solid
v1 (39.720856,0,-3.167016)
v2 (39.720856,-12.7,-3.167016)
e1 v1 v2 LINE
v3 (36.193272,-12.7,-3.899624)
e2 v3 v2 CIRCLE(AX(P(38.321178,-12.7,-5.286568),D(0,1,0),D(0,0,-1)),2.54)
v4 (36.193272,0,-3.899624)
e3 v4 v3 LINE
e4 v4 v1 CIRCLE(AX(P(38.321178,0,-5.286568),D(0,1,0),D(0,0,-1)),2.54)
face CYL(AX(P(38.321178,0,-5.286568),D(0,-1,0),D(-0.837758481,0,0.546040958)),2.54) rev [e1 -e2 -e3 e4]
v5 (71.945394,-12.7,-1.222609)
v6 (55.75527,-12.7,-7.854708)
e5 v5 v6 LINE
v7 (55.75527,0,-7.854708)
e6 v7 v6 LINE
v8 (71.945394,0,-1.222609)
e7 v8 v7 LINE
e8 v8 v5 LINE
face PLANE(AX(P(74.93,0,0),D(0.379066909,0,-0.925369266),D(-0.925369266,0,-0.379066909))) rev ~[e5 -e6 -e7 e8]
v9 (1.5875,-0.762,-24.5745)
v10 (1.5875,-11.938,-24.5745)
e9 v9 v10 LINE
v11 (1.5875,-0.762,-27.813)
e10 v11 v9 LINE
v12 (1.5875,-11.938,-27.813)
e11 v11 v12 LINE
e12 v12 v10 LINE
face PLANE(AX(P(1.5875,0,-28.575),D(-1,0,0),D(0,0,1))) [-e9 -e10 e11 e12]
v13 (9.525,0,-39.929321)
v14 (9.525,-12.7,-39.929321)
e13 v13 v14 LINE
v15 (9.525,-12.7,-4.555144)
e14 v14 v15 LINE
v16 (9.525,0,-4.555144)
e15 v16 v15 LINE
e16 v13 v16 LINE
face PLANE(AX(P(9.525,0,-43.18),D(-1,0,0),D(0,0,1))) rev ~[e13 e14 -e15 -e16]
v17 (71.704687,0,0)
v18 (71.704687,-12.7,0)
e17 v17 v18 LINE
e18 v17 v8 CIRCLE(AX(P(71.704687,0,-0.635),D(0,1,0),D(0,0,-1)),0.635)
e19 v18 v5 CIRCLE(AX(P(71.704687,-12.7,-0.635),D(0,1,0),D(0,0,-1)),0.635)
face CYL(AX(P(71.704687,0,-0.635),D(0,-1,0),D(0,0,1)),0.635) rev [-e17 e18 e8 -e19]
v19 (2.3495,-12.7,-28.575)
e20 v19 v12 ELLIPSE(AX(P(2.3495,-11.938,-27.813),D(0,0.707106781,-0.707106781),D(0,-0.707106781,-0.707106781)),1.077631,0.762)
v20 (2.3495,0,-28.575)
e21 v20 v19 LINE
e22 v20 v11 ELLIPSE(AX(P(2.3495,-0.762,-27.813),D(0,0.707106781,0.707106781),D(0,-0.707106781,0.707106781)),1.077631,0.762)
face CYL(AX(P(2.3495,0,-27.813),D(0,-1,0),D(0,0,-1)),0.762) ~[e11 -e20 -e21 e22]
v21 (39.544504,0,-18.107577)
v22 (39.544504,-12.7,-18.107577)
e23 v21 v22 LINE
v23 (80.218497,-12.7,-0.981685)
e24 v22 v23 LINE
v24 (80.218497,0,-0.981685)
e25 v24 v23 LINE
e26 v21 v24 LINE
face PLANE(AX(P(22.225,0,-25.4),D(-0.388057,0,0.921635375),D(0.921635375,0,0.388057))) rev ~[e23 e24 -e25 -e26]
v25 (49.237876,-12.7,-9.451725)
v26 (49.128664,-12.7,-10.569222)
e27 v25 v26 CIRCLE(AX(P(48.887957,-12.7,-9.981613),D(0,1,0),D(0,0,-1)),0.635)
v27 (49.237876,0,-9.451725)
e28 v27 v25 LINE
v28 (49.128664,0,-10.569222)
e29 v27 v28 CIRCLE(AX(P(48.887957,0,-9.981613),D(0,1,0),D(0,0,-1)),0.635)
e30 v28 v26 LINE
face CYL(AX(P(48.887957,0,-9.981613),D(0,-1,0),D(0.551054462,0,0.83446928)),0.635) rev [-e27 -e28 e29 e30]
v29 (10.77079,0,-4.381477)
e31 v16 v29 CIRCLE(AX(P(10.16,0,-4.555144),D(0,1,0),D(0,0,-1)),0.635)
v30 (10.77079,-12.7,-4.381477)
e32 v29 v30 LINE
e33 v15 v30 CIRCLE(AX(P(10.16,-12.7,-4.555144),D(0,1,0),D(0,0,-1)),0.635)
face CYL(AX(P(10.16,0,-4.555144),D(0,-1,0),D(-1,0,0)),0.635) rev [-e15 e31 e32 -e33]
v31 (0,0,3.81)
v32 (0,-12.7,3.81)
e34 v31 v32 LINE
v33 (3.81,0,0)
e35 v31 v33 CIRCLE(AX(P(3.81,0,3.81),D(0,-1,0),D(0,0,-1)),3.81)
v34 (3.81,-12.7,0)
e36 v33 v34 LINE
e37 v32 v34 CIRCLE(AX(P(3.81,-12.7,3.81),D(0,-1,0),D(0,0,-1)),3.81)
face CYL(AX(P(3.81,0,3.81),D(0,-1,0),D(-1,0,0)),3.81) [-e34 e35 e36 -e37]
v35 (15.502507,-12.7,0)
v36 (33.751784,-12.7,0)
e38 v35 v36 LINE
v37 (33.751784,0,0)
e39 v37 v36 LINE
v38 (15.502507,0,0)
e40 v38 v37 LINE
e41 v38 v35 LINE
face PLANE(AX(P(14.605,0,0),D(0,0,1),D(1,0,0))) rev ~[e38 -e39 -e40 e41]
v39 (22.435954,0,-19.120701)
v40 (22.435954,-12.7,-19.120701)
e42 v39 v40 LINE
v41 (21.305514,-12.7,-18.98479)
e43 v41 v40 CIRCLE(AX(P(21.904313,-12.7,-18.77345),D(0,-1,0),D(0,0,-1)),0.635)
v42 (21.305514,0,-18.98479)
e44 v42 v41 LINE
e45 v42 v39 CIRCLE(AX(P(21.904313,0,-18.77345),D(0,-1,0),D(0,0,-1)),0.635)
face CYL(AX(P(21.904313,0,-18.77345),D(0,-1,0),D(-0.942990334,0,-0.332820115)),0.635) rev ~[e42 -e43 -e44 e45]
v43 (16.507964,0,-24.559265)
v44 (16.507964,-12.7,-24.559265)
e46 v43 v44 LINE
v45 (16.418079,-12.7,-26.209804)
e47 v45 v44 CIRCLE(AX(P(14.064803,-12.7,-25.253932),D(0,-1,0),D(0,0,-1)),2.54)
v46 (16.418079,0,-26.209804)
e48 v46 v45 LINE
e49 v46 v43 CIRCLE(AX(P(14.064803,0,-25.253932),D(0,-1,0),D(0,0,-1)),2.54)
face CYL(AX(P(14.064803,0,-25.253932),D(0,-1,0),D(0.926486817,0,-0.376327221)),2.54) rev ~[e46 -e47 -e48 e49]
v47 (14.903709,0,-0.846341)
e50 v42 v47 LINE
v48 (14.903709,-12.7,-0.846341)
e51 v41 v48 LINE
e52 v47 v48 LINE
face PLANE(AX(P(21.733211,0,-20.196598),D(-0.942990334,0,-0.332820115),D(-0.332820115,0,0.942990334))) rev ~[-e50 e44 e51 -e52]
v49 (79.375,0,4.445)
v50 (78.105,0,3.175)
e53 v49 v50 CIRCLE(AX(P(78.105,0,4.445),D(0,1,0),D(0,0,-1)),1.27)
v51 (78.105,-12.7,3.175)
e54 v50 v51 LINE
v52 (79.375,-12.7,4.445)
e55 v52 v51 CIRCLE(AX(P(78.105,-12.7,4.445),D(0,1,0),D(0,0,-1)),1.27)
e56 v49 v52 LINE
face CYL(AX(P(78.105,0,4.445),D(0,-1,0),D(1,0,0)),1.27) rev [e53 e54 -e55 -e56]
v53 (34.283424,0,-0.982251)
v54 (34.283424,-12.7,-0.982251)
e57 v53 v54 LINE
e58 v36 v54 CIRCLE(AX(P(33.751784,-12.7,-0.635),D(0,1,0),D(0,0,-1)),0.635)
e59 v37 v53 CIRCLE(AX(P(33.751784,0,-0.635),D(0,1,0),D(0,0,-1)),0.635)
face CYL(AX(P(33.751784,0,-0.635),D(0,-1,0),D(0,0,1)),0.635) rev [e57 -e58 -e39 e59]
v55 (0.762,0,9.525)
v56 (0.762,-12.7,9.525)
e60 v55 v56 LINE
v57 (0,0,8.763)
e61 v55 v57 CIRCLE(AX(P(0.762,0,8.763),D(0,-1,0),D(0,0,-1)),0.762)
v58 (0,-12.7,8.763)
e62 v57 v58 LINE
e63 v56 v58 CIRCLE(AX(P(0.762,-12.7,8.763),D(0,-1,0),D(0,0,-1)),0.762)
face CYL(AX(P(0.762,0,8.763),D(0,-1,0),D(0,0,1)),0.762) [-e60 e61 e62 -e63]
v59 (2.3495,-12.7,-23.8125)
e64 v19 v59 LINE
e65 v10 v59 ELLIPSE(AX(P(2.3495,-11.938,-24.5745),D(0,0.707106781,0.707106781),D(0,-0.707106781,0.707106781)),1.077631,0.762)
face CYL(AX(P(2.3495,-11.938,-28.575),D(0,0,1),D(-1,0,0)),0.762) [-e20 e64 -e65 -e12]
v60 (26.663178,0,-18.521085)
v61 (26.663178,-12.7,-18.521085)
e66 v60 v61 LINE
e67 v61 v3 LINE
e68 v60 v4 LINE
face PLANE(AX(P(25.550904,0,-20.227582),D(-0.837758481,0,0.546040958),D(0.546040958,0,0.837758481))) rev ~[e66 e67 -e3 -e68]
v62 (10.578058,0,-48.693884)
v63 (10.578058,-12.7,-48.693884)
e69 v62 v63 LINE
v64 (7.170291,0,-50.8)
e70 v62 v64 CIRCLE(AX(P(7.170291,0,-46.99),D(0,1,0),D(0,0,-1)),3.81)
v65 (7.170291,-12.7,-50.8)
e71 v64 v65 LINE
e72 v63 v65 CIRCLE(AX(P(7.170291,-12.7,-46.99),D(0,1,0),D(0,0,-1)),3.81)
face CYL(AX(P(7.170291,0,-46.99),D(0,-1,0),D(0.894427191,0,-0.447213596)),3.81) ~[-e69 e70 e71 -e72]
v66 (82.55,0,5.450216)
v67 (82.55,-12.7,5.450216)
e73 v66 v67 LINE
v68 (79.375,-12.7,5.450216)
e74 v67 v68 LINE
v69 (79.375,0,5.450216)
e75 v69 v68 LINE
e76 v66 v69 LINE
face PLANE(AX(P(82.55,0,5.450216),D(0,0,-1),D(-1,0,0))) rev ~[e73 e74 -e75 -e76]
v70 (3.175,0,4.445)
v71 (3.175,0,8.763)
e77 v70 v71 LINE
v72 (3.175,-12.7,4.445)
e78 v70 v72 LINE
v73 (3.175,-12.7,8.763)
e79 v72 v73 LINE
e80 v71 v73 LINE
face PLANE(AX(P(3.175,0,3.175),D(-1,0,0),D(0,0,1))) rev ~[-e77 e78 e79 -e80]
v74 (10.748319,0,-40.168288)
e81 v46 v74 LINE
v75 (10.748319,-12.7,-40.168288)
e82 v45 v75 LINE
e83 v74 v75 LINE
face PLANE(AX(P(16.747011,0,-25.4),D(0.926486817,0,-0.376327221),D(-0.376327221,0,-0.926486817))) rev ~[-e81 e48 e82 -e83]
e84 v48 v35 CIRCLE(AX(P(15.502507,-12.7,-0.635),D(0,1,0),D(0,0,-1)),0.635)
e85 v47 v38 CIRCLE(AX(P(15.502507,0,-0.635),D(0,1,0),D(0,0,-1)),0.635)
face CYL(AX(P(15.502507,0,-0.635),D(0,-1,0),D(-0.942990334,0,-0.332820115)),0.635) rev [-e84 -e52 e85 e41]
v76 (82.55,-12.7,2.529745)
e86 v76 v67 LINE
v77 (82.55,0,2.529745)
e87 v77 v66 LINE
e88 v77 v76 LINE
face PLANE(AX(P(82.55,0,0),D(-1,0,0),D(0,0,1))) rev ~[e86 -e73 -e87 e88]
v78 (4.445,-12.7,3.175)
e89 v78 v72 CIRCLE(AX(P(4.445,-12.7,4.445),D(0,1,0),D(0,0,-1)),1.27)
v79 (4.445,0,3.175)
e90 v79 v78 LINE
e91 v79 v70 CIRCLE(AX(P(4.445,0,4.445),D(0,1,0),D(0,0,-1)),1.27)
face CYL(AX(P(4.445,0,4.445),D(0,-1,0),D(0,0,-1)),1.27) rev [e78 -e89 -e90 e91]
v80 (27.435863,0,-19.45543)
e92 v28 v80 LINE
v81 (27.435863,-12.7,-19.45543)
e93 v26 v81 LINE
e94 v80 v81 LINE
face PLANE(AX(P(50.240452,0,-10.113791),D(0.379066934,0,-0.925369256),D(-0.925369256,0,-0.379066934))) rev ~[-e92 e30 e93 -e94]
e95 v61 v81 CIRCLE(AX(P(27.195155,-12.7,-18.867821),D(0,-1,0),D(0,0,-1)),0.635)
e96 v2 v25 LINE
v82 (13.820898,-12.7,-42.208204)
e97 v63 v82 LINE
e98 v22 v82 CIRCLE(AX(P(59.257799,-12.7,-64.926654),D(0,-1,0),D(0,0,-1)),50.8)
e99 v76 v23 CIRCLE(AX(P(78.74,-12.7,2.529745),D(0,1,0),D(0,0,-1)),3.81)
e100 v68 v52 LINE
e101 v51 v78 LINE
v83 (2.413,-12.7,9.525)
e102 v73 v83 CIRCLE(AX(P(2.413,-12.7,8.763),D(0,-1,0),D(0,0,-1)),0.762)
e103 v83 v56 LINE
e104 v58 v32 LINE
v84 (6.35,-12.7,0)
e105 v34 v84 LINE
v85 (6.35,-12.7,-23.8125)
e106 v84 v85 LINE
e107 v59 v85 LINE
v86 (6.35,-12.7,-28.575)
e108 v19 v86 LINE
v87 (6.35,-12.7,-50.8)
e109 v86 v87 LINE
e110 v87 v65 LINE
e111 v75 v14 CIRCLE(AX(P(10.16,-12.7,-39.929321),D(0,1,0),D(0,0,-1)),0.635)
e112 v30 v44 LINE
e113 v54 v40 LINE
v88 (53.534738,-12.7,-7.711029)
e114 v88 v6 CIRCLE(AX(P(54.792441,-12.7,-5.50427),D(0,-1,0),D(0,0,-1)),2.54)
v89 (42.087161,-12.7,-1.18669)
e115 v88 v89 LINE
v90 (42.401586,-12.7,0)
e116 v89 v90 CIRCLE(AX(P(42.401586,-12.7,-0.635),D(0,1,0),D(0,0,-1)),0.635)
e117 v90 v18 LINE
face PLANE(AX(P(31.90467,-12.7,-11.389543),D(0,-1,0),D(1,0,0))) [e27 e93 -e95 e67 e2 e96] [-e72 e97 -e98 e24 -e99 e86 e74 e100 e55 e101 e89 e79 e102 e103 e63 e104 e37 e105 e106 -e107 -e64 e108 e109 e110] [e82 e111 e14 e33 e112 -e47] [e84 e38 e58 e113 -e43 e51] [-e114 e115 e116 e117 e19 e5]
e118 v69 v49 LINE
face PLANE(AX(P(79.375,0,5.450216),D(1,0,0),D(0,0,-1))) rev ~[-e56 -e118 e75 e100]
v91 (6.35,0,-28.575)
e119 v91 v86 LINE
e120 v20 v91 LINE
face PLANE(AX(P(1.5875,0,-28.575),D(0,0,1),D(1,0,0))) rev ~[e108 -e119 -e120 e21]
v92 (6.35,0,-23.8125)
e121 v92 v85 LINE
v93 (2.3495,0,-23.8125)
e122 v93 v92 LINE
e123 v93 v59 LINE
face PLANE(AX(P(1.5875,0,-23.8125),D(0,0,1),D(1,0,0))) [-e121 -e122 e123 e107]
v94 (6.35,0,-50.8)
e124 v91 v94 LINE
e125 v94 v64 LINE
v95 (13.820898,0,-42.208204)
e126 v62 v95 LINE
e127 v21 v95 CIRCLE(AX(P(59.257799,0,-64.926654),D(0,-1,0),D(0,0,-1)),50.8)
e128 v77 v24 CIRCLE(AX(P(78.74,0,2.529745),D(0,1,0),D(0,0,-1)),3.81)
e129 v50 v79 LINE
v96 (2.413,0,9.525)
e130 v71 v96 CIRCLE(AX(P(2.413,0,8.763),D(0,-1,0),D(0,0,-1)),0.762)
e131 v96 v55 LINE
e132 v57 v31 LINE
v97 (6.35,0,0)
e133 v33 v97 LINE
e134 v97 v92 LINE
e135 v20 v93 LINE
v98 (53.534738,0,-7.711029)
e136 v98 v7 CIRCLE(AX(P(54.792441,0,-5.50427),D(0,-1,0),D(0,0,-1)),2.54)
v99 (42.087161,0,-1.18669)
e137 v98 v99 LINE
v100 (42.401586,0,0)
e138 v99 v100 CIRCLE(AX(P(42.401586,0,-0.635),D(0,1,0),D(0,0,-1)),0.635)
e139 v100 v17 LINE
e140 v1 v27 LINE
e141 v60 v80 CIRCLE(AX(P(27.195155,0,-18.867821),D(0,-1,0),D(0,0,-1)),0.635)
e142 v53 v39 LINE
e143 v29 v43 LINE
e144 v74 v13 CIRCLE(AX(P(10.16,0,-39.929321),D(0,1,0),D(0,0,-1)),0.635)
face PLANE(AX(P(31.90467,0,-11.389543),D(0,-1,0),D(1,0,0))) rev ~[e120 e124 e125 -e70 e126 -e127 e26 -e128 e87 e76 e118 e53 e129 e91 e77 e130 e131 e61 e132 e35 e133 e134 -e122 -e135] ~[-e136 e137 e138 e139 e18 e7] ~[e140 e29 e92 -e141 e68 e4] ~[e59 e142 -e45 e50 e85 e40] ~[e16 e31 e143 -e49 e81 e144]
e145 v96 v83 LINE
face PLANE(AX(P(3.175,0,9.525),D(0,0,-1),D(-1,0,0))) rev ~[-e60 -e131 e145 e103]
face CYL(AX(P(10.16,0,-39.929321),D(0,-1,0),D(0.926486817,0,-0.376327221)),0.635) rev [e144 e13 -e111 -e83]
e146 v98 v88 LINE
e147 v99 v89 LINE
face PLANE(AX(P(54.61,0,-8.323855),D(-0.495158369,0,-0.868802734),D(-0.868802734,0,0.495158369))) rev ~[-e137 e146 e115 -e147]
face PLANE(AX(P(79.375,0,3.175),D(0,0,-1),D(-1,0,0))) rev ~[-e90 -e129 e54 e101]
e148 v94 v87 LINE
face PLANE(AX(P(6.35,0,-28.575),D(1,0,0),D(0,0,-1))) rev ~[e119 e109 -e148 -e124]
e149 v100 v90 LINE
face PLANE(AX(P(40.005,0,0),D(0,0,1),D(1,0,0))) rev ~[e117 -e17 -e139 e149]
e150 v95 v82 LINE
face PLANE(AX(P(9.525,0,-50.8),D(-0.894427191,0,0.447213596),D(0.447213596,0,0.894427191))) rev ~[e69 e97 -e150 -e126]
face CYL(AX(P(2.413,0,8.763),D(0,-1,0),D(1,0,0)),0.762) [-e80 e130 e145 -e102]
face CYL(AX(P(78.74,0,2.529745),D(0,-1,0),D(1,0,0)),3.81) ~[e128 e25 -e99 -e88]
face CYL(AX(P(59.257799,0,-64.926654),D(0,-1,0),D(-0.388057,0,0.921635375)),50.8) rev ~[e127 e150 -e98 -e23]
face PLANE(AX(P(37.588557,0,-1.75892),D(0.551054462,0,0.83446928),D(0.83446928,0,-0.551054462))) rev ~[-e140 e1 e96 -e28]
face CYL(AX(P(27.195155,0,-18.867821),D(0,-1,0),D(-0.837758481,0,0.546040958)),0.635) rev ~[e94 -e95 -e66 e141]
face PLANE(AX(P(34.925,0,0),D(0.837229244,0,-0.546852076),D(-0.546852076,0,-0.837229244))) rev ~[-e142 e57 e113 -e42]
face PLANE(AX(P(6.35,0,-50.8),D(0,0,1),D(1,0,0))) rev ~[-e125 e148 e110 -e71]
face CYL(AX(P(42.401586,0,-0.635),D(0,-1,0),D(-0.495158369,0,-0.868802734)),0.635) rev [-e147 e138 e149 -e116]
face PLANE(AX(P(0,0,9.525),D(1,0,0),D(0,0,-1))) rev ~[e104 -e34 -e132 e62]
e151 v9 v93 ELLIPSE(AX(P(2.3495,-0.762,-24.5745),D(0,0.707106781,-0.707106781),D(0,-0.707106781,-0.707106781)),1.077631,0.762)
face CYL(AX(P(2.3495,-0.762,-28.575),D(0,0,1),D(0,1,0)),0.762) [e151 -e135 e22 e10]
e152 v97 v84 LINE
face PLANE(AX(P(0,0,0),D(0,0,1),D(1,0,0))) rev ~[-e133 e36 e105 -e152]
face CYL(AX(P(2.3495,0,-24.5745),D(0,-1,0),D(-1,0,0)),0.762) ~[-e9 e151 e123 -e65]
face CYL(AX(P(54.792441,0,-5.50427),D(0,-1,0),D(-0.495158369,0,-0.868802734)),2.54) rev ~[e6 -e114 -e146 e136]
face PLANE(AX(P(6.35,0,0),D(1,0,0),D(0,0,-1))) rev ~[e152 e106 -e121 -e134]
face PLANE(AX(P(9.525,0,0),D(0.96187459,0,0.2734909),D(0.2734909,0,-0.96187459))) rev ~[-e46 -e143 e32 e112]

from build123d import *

# Parameters (mm, degrees)
F0_W     = 4.7625
F0_H     = 4.7625
F1_DEPTH = 12.7
F2_R     = 1.27
F3_R     = 3.81
F4_R     = 50.8
F5_R     = 0.635
F6_R     = 2.54
F7_R     = 0.762


with BuildPart() as f1:
    # F0 (on Front) → F1 (new body)
    with BuildSketch(Plane.XZ):
        Polygon((3.175, 9.525), (0, 9.525), (0, 0), (6.35, 0), (6.35, -23.8125), (6.35, -28.575), (6.35, -50.8), (9.525, -50.8), (22.225, -25.4), (82.55, 0), (82.55, 5.450216), (79.375, 5.450216), (79.375, 3.175), (3.175, 3.175), align=None)
        Polygon((9.525, -43.18), (9.525, 0), (16.747011, -25.4), align=None, mode=Mode.SUBTRACT)
        Polygon((14.605, 0), (34.925, 0), (21.733211, -20.196598), align=None, mode=Mode.SUBTRACT)
        Polygon((37.588557, -1.75892), (50.240452, -10.113791), (25.550904, -20.227582), align=None, mode=Mode.SUBTRACT)
        Polygon((40.005, 0), (74.93, 0), (54.61, -8.323855), align=None, mode=Mode.SUBTRACT)
        with Locations((3.96875, -26.19375)):
            Rectangle(F0_W, F0_H)
    extrude(amount=F1_DEPTH)

    # F2
    f2_edges = [f1.edges().sort_by_distance(p)[0] for p in [
        (79.375, -6.35, 3.175),
        (3.175, -6.35, 3.175),
    ]]
    fillet(f2_edges, radius=F2_R)

    # F3
    f3_edges = [f1.edges().sort_by_distance(p)[0] for p in [
        (82.55, -6.35, 0),
        (0, -6.35, 0),
        (9.525, -6.35, -50.8),
    ]]
    fillet(f3_edges, radius=F3_R)

    # F4
    f4_edges = [f1.edges().sort_by_distance(p)[0] for p in [
        (22.225, -6.35, -25.4),
    ]]
    fillet(f4_edges, radius=F4_R)

    # F5
    f5_edges = [f1.edges().sort_by_distance(p)[0] for p in [
        (74.93, -6.35, 0),
        (25.550904, -6.35, -20.227582),
        (50.240452, -6.35, -10.113791),
        (9.525, -6.35, 0),
        (9.525, -6.35, -43.18),
        (14.605, -6.35, 0),
        (34.925, -6.35, 0),
        (40.005, -6.35, 0),
        (21.733211, -6.35, -20.196598),
    ]]
    fillet(f5_edges, radius=F5_R)

    # F6
    f6_edges = [f1.edges().sort_by_distance(p)[0] for p in [
        (16.747011, -6.35, -25.4),
        (37.588557, -6.35, -1.75892),
        (54.61, -6.35, -8.323855),
    ]]
    fillet(f6_edges, radius=F6_R)

    # F7
    f7_edges = [f1.edges().sort_by_distance(p)[0] for p in [
        (0, -6.35, 9.525),
        (3.175, -6.35, 9.525),
        (1.5875, -6.35, -23.8125),
        (1.5875, -6.35, -28.575),
        (1.5875, -12.7, -26.19375),
        (1.5875, 0, -26.19375),
    ]]
    fillet(f7_edges, radius=F7_R)


solid = f1.part
